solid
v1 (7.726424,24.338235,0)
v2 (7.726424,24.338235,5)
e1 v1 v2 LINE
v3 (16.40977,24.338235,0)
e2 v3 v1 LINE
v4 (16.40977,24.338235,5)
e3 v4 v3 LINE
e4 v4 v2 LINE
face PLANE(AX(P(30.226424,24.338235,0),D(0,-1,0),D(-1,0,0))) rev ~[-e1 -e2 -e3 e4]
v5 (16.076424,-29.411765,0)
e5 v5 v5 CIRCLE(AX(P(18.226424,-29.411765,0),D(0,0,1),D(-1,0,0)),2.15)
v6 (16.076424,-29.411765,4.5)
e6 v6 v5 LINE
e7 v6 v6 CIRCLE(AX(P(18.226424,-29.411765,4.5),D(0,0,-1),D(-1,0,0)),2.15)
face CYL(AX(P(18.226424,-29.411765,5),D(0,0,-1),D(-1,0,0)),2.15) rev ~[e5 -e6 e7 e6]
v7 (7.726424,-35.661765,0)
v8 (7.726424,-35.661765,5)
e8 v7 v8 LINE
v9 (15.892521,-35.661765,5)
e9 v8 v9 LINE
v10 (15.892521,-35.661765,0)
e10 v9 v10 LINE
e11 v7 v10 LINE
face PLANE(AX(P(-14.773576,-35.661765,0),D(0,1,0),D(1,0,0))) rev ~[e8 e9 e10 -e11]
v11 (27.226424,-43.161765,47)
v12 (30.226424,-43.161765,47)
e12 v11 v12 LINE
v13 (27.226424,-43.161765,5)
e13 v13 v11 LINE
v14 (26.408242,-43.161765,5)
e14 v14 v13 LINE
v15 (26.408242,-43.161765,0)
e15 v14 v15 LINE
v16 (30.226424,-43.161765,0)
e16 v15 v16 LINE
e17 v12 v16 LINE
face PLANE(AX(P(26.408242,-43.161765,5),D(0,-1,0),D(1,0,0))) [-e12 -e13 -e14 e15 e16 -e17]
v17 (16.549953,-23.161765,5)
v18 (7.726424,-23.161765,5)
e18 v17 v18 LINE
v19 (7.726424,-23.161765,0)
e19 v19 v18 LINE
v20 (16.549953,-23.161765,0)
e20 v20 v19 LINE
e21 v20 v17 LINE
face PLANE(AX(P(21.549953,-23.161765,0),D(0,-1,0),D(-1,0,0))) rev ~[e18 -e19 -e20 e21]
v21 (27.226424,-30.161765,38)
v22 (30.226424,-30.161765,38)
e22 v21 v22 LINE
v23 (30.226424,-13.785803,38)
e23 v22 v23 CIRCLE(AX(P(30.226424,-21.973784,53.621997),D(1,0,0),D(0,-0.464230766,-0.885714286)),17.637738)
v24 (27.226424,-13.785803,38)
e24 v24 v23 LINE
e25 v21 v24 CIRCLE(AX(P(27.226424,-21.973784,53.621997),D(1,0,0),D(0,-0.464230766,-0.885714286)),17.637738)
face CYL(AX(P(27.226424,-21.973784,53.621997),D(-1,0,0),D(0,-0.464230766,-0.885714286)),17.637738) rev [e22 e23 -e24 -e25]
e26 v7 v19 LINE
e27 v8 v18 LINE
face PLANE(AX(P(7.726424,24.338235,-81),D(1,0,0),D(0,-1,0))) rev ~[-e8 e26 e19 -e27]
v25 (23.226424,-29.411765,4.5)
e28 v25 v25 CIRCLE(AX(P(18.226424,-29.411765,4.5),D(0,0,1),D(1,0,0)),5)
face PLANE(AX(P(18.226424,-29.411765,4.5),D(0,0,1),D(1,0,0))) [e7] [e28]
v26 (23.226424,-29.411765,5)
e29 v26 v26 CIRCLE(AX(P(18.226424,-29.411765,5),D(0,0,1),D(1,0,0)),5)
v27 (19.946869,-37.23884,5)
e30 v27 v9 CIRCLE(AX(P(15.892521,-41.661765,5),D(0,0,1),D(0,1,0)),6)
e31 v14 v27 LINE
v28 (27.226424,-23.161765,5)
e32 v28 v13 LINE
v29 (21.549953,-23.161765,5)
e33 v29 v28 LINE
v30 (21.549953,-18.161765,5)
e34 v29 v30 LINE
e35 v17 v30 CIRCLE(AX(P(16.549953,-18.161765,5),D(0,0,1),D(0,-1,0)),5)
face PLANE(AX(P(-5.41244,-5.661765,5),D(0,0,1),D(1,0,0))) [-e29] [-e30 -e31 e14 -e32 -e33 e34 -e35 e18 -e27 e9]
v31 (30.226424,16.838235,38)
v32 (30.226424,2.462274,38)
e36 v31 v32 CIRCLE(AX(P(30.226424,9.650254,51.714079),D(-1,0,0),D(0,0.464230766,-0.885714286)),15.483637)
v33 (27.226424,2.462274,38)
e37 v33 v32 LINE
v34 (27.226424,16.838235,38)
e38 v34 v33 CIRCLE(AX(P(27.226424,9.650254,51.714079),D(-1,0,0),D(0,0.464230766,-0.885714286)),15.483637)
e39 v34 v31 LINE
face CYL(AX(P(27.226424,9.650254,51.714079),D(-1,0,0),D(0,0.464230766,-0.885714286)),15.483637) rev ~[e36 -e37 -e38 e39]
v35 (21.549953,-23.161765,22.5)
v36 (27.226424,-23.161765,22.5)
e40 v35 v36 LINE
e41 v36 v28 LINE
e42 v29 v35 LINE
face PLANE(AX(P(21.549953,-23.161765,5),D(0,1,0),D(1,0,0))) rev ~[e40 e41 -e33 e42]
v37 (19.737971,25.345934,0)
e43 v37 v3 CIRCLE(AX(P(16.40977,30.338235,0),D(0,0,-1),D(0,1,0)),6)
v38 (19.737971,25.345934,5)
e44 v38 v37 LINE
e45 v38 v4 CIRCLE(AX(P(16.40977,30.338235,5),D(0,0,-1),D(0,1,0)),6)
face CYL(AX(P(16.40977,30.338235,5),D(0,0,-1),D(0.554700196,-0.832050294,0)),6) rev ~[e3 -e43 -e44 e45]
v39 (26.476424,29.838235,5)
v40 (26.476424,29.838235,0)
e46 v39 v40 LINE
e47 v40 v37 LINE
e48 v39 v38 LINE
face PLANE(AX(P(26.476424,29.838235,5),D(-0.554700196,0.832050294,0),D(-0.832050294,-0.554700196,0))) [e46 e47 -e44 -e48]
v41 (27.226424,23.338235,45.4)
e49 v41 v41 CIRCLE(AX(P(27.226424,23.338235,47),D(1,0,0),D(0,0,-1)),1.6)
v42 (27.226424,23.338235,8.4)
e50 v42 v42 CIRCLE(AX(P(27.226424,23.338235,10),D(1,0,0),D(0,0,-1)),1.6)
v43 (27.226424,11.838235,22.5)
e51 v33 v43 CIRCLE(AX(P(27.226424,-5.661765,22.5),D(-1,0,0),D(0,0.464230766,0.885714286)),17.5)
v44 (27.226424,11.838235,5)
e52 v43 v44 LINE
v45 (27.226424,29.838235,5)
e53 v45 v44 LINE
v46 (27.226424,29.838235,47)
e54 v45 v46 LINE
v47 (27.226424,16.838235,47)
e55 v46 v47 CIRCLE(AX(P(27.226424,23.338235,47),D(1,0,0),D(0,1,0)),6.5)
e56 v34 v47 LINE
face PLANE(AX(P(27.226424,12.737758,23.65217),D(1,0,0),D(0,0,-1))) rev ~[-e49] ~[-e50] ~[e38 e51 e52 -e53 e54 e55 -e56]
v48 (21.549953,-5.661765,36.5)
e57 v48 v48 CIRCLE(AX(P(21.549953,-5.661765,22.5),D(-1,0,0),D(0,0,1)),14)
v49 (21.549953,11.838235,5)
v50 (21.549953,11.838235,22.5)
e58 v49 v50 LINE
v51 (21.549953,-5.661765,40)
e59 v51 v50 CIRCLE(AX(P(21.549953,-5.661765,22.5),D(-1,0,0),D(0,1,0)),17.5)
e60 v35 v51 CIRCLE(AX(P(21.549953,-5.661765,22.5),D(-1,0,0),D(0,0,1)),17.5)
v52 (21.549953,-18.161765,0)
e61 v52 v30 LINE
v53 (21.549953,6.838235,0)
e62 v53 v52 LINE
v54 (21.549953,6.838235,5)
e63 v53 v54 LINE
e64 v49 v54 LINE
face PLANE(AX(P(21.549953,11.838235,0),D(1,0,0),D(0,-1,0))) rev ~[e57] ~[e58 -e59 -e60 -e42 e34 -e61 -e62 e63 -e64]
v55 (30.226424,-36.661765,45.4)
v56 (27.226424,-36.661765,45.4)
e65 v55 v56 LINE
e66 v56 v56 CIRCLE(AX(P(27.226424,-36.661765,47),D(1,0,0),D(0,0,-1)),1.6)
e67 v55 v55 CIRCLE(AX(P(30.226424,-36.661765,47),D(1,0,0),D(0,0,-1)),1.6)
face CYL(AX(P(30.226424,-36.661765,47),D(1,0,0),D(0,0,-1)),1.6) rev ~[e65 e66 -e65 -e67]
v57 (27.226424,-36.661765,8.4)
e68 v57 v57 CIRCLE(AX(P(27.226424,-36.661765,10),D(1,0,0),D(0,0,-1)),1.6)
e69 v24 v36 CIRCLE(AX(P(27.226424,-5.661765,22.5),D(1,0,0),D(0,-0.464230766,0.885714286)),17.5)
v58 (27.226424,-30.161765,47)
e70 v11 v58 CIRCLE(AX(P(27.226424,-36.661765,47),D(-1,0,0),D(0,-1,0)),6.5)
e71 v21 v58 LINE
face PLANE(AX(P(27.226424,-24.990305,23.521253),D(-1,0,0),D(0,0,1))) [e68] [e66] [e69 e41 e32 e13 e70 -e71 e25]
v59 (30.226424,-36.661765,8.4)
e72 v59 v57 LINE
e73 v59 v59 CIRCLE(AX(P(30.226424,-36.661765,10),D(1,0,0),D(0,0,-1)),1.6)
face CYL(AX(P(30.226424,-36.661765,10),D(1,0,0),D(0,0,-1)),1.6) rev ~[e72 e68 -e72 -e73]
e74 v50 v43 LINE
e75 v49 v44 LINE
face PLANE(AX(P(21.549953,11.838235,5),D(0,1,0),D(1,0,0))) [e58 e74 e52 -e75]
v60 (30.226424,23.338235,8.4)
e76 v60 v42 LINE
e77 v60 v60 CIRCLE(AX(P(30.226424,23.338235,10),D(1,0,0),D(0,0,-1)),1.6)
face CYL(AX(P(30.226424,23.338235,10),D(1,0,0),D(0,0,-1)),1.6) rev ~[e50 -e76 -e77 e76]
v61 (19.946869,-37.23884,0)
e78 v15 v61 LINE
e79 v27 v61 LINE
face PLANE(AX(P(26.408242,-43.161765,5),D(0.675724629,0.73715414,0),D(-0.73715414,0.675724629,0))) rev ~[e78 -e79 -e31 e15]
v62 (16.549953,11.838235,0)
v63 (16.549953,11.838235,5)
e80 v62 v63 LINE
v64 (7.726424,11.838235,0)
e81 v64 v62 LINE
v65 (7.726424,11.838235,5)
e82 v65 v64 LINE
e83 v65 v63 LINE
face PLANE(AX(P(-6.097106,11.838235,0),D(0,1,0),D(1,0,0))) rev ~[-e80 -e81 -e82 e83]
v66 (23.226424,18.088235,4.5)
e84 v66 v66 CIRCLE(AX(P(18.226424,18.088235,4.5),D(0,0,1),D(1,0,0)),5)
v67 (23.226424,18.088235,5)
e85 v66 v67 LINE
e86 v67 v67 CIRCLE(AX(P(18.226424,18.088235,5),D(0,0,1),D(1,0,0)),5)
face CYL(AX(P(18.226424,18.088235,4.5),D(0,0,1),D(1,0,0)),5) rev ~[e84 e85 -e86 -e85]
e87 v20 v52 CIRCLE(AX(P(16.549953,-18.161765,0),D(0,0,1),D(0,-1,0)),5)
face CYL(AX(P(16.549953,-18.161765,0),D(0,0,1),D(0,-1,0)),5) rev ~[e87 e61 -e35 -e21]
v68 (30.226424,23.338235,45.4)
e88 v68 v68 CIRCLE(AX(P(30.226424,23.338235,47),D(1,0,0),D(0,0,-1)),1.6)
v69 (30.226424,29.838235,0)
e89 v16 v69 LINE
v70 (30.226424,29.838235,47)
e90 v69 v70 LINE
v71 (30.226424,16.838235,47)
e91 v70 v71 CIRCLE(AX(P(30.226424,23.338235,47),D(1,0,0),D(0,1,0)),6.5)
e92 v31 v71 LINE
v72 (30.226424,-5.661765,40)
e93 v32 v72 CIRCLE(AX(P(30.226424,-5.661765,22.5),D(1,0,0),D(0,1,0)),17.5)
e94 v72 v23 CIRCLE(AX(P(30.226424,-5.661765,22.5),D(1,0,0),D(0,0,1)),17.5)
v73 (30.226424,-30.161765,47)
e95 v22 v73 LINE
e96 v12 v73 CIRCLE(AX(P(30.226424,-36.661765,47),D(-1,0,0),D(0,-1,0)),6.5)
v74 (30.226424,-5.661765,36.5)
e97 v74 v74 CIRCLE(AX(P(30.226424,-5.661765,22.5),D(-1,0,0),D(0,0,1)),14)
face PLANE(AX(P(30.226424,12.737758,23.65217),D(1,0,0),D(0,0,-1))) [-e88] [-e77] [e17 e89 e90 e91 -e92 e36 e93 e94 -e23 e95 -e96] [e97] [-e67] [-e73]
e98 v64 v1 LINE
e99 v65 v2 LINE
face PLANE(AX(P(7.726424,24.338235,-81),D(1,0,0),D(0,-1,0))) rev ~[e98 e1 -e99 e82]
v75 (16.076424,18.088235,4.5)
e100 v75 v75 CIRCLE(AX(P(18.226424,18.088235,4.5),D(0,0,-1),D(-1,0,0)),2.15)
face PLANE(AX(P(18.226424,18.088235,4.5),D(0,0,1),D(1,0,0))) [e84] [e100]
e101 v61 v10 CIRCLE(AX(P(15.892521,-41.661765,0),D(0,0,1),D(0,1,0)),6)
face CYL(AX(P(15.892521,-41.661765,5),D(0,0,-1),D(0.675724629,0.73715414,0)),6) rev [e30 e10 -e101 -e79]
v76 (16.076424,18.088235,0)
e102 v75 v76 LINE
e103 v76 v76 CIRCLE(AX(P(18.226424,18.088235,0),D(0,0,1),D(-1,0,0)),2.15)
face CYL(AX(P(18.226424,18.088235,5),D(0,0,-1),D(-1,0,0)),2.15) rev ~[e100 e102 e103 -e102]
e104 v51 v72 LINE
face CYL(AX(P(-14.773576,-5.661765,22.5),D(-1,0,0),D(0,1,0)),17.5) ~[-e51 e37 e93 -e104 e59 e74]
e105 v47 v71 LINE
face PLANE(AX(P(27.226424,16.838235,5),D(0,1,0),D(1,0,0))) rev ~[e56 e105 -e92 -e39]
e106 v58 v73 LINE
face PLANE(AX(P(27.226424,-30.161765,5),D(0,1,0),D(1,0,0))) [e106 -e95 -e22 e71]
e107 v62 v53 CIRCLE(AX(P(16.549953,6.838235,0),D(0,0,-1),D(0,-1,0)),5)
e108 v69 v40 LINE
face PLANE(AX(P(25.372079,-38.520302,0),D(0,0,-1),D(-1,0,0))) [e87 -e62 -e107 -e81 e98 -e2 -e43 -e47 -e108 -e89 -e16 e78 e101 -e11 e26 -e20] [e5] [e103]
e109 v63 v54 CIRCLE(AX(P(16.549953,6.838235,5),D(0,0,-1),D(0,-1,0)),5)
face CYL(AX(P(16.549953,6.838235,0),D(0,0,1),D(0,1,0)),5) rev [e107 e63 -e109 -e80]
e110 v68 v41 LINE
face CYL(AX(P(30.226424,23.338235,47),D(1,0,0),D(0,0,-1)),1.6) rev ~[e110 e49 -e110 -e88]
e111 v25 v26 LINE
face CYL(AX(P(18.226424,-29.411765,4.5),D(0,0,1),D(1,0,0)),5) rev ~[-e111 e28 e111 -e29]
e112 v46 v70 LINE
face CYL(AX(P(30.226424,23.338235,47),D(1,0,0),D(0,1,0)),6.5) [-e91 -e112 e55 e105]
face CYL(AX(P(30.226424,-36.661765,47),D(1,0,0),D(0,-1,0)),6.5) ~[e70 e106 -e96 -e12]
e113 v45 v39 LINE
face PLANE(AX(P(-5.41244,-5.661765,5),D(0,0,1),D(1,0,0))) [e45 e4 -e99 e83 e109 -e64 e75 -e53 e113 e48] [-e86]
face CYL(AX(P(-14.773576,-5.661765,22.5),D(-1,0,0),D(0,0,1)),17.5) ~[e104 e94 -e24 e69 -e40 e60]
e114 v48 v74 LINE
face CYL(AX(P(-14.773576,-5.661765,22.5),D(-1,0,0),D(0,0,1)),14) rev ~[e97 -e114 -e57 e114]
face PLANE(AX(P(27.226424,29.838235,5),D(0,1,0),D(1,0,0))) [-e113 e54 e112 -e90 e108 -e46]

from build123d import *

# Parameters (mm, degrees)
EXTRUDE_2_DEPTH                = 5
SKETCH_4_W                     = 8.676470589
SKETCH_4_H                     = 35
SKETCH_4_W_2                   = 8.676470588
EXTRUDE_15_DEPTH               = 35
CUT_EXTRUDE_1_DEPTH            = 45
SKETCH_6_R                     = 14
CUT_EXTRUDE_2_DEPTH            = 45
FILLET_1_R                     = 5
SKETCH_7_R                     = 15
SKETCH_7_R_2                   = 13
EXTRUDE_16_DEPTH               = 1
SPLIT_BODIES_1_SURFACE_1_BACK  = 86
SPLIT_BODIES_1_SURFACE_1_DEPTH = 172
SPLIT_BODIES_1_SURFACE_2_BACK  = 86
SPLIT_BODIES_1_SURFACE_2_DEPTH = 172
SKETCH_17_W                    = 3
SKETCH_17_H                    = 13
EXTRUDE_20_DEPTH               = 42
EXTRUDE_21_DEPTH               = 3
SKETCH_19_R                    = 1.6
CUT_EXTRUDE_3_DEPTH            = 3
EXTRUDE_22_DEPTH               = 5
EXTRUDE_START                  = -3
EXTRUDE_25_DEPTH               = 3
HOLE_WIZARD_1_D                = 4.3
HOLE_WIZARD_1_DEPTH            = 5
HOLE_WIZARD_1_CBORE_D          = 10
HOLE_WIZARD_1_CBORE_DEPTH      = 0.5
HOLE_WIZARD_1_TIP              = 1.291850331
FILLET_2_R                     = 6


with BuildPart() as part:
    # 草图2 → 凸台-拉伸2 (new body)
    with BuildSketch(Plane.XY):
        Polygon((7.726423565, 24.338235294), (-14.773576435, 24.338235294), (-14.773576435, -35.661764706), (7.726423565, -35.661764706), (7.726423565, -23.161764706), (-6.097105846, -23.161764706), (-6.097105846, 11.838235294), (7.726423565, 11.838235294), align=None)
        Polygon((30.226423565, 24.338235294), (7.726423565, 24.338235294), (7.726423565, 11.838235294), (21.549952977, 11.838235294), (21.549952977, -23.161764706), (7.726423565, -23.161764706), (7.726423565, -35.661764706), (30.226423565, -35.661764706), align=None)
    extrude(amount=EXTRUDE_2_DEPTH)

    # 草图4 → 凸台-拉伸15 (add)
    with BuildSketch(Plane.XY.offset(5)):
        with Locations((-10.435341141, -5.661764706)):
            Rectangle(SKETCH_4_W, SKETCH_4_H)
        with Locations((25.888188271, -5.661764706)):
            Rectangle(SKETCH_4_W_2, SKETCH_4_H)
    extrude(amount=EXTRUDE_15_DEPTH)

    # 草图5 → 切除-拉伸1 (cut)
    with BuildSketch(Plane.ZY.offset(14.773576435)):
        with BuildLine():
            Line((40, -23.161764706), (40, -5.661764706))
            ThreePointArc((40, -5.661764706), (34.874368671, -18.036133377), (22.5, -23.161764706))
            Line((22.5, -23.161764706), (40, -23.161764706))
        make_face()
        with BuildLine():
            ThreePointArc((22.5, 11.838235294), (34.874368671, 6.712603965), (40, -5.661764706))
            Line((40, -5.661764706), (40, 11.838235294))
            Line((40, 11.838235294), (22.5, 11.838235294))
        make_face()
    extrude(amount=-CUT_EXTRUDE_1_DEPTH, mode=Mode.SUBTRACT)

    # 草图6 → 切除-拉伸2 (cut)
    with BuildSketch(Plane.ZY.offset(14.773576435)):
        with Locations((22.5, -5.661764706)):
            Circle(SKETCH_6_R)
    extrude(amount=-CUT_EXTRUDE_2_DEPTH, mode=Mode.SUBTRACT)

    # 圆角1
    fillet_1_edges = [part.edges().sort_by_distance(p)[0] for p in [
        (-6.097105846, 11.838235294, 2.5),
        (-6.097105846, -23.161764706, 2.5),
        (21.549952977, -23.161764706, 2.5),
        (21.549952977, 11.838235294, 2.5),
    ]]
    fillet(fillet_1_edges, radius=FILLET_1_R)

    # 草图7 → 凸台-拉伸16 (add)
    with BuildSketch(Plane(origin=(-6.097105846, 0, 0), x_dir=(0, 0, -1), z_dir=(1, 0, 0))):
        with Locations((-22.5, -5.661764706)):
            Circle(SKETCH_7_R)
        with Locations((-22.5, -5.661764706)):
            Circle(SKETCH_7_R_2, mode=Mode.SUBTRACT)
    extrude(amount=-EXTRUDE_16_DEPTH)


with BuildPart() as body_2:
    # Split Bodies 1: the piece behind the surface
    add(part.part)
    # Split Bodies 1 surface: a surface, the sketch's curves swept straight by 172 mm
    with BuildLine(Plane.XY.offset(5).offset(-SPLIT_BODIES_1_SURFACE_1_BACK), mode=Mode.PRIVATE) as split_bodies_1_surface_1_path:
        Line((7.726423565, 24.338235294), (7.726423565, -35.661764706))
    split_bodies_1_surface_1 = Shell.extrude(split_bodies_1_surface_1_path.wire(), (0 * SPLIT_BODIES_1_SURFACE_1_DEPTH, 0 * SPLIT_BODIES_1_SURFACE_1_DEPTH, 1 * SPLIT_BODIES_1_SURFACE_1_DEPTH))
    split(bisect_by=split_bodies_1_surface_1, keep=Keep.BOTTOM)


with BuildPart() as part_1:
    add(part.part)

    # Split Bodies 1: split by a surface, the side it looks to stays
    # Split Bodies 1 surface: a surface, the sketch's curves swept straight by 172 mm
    with BuildLine(Plane.XY.offset(5).offset(-SPLIT_BODIES_1_SURFACE_2_BACK), mode=Mode.PRIVATE) as split_bodies_1_surface_2_path:
        Line((7.726423565, 24.338235294), (7.726423565, -35.661764706))
    split_bodies_1_surface_2 = Shell.extrude(split_bodies_1_surface_2_path.wire(), (0 * SPLIT_BODIES_1_SURFACE_2_DEPTH, 0 * SPLIT_BODIES_1_SURFACE_2_DEPTH, 1 * SPLIT_BODIES_1_SURFACE_2_DEPTH))
    split(bisect_by=split_bodies_1_surface_2, keep=Keep.TOP)

    # 草图17 → 凸台-拉伸20 (add)
    with BuildSketch(Plane.XY.offset(5)):
        with Locations((28.726423565, -36.661764706)):
            Rectangle(SKETCH_17_W, SKETCH_17_H)
        with Locations((28.726423565, 23.338235294)):
            Rectangle(SKETCH_17_W, SKETCH_17_H)
    extrude(amount=EXTRUDE_20_DEPTH)

    # 草图18 → 凸台-拉伸21 (add)
    with BuildSketch(Plane(origin=(30.226423565, 0, 0), x_dir=(0, 0, -1), z_dir=(1, 0, 0))):
        with BuildLine():
            Line((-47, -30.161764706), (-47, -43.161764706))
            ThreePointArc((-47, -43.161764706), (-53.5, -36.661764706), (-47, -30.161764706))
        make_face()
        with BuildLine():
            Line((-47, 16.838235294), (-47, 29.838235294))
            ThreePointArc((-47, 29.838235294), (-53.5, 23.338235294), (-47, 16.838235294))
        make_face()
    extrude(amount=-EXTRUDE_21_DEPTH)

    # 草图19 → 切除-拉伸3 (cut)
    with BuildSketch(Plane(origin=(30.226423565, 0, 0), x_dir=(0, 0, -1), z_dir=(1, 0, 0))):
        with Locations((-47, 23.338235294)):
            Circle(SKETCH_19_R)
        with Locations((-47, -36.661764706)):
            Circle(SKETCH_19_R)
        with Locations((-10, 23.338235294)):
            Circle(SKETCH_19_R)
        with Locations((-10, -36.661764706)):
            Circle(SKETCH_19_R)
    extrude(amount=-CUT_EXTRUDE_3_DEPTH, mode=Mode.SUBTRACT)

    # 草图21 → 凸台-拉伸22 (add)
    with BuildSketch(Plane.XY.offset(5)):
        Polygon((18.226423565, -35.661764706), (30.226423565, -35.661764706), (30.226423565, -43.161764706), (27.226423565, -43.161764706), (26.408241747, -43.161764706), align=None)
        Polygon((18.226423565, 24.338235294), (30.226423565, 24.338235294), (30.226423565, 29.838235294), (26.476423565, 29.838235294), align=None)
    extrude(amount=-EXTRUDE_22_DEPTH)

    # 草图24 → 凸台-拉伸25 (add)
    with BuildSketch(Plane(origin=(30.226423565, 0, 0), x_dir=(0, 0, -1), z_dir=(1, 0, 0)).offset(EXTRUDE_START)):
        with BuildLine():
            Line((-5, 16.838235294), (-38, 16.838235294))
            ThreePointArc((-38, 16.838235294), (-36.230441453, 9.650254496), (-38, 2.462273699))
            ThreePointArc((-38, 2.462273699), (-31.557574949, 9.311890026), (-22.5, 11.838235294))
            Line((-22.5, 11.838235294), (-5, 11.838235294))
            Line((-5, 11.838235294), (-5, 16.838235294))
        make_face()
        with BuildLine():
            Line((-5, -30.161764706), (-38, -30.161764706))
            ThreePointArc((-38, -30.161764706), (-35.984258471, -21.973783908), (-38, -13.785803111))
            ThreePointArc((-38, -13.785803111), (-31.557574949, -20.635419438), (-22.5, -23.161764706))
            Line((-22.5, -23.161764706), (-5, -23.161764706))
            Line((-5, -23.161764706), (-5, -30.161764706))
        make_face()
    extrude(amount=EXTRUDE_25_DEPTH)

    # 打孔尺寸(%根据六角头螺)栓 全螺纹的类型1
    with Locations(Plane(origin=(18.226423565, 18.088235294, 5), x_dir=(1, 0, 0), z_dir=(0, 0, 1))):
        with Locations((0, 0), (0, -47.5)):
            CounterBoreHole(HOLE_WIZARD_1_D / 2, HOLE_WIZARD_1_CBORE_D / 2, HOLE_WIZARD_1_CBORE_DEPTH, depth=HOLE_WIZARD_1_DEPTH)
            with Locations((0, 0, -(HOLE_WIZARD_1_DEPTH + HOLE_WIZARD_1_TIP / 2))):  # 118° drill point
                Cone(0, HOLE_WIZARD_1_D / 2, HOLE_WIZARD_1_TIP, mode=Mode.SUBTRACT)

    # 圆角2
    fillet_2_edges = [part_1.edges().sort_by_distance(p)[0] for p in [
        (18.226423565, -35.661764706, 2.5),
        (18.226423565, 24.338235294, 2.5),
    ]]
    fillet(fillet_2_edges, radius=FILLET_2_R)


solid = part_1.part
